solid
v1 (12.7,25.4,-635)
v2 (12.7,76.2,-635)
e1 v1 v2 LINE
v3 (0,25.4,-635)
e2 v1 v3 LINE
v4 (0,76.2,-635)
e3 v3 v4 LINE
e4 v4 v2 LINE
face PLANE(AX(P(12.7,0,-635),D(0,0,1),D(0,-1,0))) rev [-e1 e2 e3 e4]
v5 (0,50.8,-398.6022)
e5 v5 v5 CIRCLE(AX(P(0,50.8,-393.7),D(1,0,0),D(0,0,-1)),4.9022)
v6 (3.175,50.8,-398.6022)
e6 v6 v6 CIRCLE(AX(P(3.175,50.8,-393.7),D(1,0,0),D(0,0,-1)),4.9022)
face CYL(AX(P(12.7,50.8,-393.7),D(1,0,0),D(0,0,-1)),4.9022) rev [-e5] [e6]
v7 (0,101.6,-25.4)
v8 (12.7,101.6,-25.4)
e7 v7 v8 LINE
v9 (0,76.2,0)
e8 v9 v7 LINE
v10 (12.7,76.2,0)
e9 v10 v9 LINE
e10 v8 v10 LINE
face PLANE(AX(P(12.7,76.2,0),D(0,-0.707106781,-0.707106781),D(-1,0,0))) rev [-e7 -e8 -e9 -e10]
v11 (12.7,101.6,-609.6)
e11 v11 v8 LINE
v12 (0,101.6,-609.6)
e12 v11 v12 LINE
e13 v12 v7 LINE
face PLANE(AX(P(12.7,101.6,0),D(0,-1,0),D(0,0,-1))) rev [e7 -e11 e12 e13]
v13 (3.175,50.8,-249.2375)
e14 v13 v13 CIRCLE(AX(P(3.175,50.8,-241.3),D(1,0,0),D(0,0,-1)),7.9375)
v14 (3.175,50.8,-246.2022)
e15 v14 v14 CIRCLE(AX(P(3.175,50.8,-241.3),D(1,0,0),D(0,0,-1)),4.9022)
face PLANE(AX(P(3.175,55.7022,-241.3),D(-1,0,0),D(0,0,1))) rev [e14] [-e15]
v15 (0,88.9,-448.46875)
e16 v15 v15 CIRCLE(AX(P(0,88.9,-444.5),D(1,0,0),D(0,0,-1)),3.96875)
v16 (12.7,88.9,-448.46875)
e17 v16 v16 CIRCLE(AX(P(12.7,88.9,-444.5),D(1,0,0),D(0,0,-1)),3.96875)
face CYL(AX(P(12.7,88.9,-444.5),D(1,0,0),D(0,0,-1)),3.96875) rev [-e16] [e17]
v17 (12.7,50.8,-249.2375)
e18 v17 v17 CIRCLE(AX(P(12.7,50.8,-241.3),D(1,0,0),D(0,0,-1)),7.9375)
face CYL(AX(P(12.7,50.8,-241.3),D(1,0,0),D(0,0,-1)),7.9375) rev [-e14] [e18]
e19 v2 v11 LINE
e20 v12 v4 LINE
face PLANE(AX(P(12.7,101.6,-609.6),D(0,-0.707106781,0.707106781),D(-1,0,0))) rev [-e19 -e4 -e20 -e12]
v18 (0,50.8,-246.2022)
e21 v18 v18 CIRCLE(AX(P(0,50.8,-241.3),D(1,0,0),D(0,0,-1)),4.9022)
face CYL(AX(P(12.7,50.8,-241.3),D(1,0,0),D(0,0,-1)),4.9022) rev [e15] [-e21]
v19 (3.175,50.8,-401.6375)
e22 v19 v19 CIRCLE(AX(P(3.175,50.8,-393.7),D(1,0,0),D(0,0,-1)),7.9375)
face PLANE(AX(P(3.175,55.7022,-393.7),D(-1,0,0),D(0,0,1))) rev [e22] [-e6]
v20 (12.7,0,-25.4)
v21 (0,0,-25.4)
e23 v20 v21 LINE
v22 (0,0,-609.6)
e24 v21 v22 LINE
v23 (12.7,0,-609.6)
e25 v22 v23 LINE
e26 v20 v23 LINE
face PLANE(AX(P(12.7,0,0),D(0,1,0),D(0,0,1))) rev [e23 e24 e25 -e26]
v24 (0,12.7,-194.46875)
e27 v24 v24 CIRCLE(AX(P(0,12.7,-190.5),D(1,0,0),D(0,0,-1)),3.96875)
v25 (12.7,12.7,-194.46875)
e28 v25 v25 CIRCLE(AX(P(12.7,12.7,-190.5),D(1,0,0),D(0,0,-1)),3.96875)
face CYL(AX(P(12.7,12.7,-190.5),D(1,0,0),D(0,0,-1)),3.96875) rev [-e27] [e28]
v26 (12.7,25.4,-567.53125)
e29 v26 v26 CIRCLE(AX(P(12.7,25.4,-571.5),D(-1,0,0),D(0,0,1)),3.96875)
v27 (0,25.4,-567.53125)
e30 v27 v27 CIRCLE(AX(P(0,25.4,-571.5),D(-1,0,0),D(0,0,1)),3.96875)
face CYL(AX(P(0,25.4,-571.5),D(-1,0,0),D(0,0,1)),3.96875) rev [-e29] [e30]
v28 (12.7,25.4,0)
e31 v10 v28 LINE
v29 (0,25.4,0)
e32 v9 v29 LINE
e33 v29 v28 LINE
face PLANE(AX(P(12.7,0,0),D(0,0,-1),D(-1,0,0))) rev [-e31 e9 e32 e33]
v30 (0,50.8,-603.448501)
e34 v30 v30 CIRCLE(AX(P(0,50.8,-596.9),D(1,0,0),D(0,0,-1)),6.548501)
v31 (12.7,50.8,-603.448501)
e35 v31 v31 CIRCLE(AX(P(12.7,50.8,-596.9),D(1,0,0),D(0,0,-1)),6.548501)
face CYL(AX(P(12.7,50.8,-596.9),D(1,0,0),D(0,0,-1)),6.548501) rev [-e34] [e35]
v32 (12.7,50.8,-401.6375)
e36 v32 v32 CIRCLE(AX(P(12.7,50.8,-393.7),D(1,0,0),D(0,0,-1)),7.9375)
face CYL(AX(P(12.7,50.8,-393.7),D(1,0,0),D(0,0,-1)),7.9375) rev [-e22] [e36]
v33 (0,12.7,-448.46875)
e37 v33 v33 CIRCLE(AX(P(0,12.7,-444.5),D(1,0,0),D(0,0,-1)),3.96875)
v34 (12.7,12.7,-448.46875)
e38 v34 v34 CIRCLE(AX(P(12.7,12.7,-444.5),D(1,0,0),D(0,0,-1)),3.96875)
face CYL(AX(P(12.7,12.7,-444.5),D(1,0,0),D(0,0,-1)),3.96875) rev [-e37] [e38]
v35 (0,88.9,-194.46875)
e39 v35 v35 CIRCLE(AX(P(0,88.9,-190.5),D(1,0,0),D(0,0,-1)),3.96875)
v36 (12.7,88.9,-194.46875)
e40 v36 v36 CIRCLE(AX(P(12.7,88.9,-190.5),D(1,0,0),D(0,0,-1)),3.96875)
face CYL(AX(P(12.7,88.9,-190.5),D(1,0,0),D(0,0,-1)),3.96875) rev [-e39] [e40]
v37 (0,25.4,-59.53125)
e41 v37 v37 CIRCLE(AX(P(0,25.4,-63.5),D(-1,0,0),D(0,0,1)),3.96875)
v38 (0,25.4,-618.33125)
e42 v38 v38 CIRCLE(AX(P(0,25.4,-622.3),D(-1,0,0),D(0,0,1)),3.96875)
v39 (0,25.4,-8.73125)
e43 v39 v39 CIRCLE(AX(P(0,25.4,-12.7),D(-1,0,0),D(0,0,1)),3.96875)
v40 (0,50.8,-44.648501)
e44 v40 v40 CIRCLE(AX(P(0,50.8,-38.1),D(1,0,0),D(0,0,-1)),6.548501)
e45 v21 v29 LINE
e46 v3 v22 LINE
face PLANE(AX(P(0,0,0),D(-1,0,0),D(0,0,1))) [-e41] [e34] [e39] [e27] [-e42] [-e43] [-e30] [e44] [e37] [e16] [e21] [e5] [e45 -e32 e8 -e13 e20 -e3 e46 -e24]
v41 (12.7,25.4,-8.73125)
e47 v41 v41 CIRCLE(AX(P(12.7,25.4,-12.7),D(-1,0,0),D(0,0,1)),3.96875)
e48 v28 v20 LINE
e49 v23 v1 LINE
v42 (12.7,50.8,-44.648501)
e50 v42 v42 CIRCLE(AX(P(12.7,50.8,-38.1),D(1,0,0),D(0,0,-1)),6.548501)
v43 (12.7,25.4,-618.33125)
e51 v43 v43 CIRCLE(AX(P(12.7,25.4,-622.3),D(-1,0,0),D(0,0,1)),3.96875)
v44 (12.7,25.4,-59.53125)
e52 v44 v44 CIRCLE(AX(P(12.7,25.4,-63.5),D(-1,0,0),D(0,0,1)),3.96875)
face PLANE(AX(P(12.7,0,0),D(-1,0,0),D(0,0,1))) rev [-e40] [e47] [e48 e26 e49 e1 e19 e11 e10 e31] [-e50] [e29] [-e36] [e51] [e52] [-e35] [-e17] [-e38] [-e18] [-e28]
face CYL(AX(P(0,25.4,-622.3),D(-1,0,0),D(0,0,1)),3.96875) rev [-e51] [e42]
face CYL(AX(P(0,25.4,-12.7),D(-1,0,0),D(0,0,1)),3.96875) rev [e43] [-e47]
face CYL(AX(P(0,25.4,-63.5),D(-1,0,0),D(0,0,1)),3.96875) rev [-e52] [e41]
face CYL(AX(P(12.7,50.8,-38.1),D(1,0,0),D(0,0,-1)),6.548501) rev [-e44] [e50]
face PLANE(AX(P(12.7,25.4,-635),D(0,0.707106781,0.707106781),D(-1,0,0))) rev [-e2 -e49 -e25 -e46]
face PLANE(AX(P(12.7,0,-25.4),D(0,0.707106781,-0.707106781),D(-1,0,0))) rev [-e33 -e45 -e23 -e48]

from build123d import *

# Parameters (mm, degrees)
SKETCH1_W                                        = 635
SKETCH1_H                                        = 101.6
BOSS_EXTRUDE1_DEPTH                              = 12.7
F_33_64_0_51563_DIAMETER_HOLE1_D                 = 13.097002
CHAMFER1_SIZE                                    = 25.4
F_3_8_16_TAPPED_HOLE1_D                          = 7.9375
F_3_8_16_TAPPED_HOLE2_D                          = 7.9375
LPATTERN1_COUNT                                  = 2
LPATTERN1_PITCH                                  = 254
LPATTERN1_COUNT_DIR2                             = 2
LPATTERN1_PITCH_DIR2                             = 76.2
CBORE_FOR_3_8_SOCKET_HEAD_CAP_SCREW2_D           = 9.8044
CBORE_FOR_3_8_SOCKET_HEAD_CAP_SCREW2_CBORE_D     = 15.875
CBORE_FOR_3_8_SOCKET_HEAD_CAP_SCREW2_CBORE_DEPTH = 9.525


with BuildPart() as part:
    # Sketch1 → Boss-Extrude1 (new body)
    with BuildSketch(Plane(origin=(0, 0, 0), x_dir=(0, 0, -1), z_dir=(1, 0, 0))):
        with Locations((317.5, 50.8)):
            Rectangle(SKETCH1_W, SKETCH1_H)
    extrude(amount=BOSS_EXTRUDE1_DEPTH)

    # 33/64 (0.51563) Diameter Hole1 (through all)
    with Locations(Plane(origin=(12.7, 0, 0), x_dir=(0, 0, -1), z_dir=(1, 0, 0))):
        with Locations((38.1, 50.8), (596.9, 50.8)):
            Hole(F_33_64_0_51563_DIAMETER_HOLE1_D / 2)

    # Chamfer1
    chamfer1_edges = [part.edges().sort_by_distance(p)[0] for p in [
        (6.35, 101.6, 0),
        (6.35, 101.6, -635),
        (6.35, 0, -635),
        (6.35, 0, 0),
    ]]
    chamfer(chamfer1_edges, length=CHAMFER1_SIZE)

    # 3/8-16 Tapped Hole1 (through all)
    with Locations(Plane.ZY):
        with Locations((-622.3, 25.4), (-571.5, 25.4), (-63.5, 25.4), (-12.7, 25.4)):
            Hole(F_3_8_16_TAPPED_HOLE1_D / 2)

    # 3/8-16 Tapped Hole2 (through all)
    with Locations(Plane(origin=(12.7, 0, 0), x_dir=(0, 0, -1), z_dir=(1, 0, 0))):
        with Locations((190.5, 12.7)):
            f_3_8_16_tapped_hole2 = Hole(F_3_8_16_TAPPED_HOLE2_D / 2)

    # LPattern1: 3_8-16 Tapped Hole2 2 × 2
    with Locations(*[(0, j * LPATTERN1_PITCH_DIR2, -i * LPATTERN1_PITCH) for i in range(LPATTERN1_COUNT) for j in range(LPATTERN1_COUNT_DIR2) if (i, j) != (0, 0)]):
        add(f_3_8_16_tapped_hole2, mode=Mode.SUBTRACT)

    # CBORE for 3/8 Socket Head Cap Screw2 (through all)
    with Locations(Plane(origin=(12.7, 0, 0), x_dir=(0, 0, -1), z_dir=(1, 0, 0))):
        with Locations((241.3, 50.8), (393.7, 50.8)):
            CounterBoreHole(CBORE_FOR_3_8_SOCKET_HEAD_CAP_SCREW2_D / 2, CBORE_FOR_3_8_SOCKET_HEAD_CAP_SCREW2_CBORE_D / 2, CBORE_FOR_3_8_SOCKET_HEAD_CAP_SCREW2_CBORE_DEPTH)


solid = part.part
